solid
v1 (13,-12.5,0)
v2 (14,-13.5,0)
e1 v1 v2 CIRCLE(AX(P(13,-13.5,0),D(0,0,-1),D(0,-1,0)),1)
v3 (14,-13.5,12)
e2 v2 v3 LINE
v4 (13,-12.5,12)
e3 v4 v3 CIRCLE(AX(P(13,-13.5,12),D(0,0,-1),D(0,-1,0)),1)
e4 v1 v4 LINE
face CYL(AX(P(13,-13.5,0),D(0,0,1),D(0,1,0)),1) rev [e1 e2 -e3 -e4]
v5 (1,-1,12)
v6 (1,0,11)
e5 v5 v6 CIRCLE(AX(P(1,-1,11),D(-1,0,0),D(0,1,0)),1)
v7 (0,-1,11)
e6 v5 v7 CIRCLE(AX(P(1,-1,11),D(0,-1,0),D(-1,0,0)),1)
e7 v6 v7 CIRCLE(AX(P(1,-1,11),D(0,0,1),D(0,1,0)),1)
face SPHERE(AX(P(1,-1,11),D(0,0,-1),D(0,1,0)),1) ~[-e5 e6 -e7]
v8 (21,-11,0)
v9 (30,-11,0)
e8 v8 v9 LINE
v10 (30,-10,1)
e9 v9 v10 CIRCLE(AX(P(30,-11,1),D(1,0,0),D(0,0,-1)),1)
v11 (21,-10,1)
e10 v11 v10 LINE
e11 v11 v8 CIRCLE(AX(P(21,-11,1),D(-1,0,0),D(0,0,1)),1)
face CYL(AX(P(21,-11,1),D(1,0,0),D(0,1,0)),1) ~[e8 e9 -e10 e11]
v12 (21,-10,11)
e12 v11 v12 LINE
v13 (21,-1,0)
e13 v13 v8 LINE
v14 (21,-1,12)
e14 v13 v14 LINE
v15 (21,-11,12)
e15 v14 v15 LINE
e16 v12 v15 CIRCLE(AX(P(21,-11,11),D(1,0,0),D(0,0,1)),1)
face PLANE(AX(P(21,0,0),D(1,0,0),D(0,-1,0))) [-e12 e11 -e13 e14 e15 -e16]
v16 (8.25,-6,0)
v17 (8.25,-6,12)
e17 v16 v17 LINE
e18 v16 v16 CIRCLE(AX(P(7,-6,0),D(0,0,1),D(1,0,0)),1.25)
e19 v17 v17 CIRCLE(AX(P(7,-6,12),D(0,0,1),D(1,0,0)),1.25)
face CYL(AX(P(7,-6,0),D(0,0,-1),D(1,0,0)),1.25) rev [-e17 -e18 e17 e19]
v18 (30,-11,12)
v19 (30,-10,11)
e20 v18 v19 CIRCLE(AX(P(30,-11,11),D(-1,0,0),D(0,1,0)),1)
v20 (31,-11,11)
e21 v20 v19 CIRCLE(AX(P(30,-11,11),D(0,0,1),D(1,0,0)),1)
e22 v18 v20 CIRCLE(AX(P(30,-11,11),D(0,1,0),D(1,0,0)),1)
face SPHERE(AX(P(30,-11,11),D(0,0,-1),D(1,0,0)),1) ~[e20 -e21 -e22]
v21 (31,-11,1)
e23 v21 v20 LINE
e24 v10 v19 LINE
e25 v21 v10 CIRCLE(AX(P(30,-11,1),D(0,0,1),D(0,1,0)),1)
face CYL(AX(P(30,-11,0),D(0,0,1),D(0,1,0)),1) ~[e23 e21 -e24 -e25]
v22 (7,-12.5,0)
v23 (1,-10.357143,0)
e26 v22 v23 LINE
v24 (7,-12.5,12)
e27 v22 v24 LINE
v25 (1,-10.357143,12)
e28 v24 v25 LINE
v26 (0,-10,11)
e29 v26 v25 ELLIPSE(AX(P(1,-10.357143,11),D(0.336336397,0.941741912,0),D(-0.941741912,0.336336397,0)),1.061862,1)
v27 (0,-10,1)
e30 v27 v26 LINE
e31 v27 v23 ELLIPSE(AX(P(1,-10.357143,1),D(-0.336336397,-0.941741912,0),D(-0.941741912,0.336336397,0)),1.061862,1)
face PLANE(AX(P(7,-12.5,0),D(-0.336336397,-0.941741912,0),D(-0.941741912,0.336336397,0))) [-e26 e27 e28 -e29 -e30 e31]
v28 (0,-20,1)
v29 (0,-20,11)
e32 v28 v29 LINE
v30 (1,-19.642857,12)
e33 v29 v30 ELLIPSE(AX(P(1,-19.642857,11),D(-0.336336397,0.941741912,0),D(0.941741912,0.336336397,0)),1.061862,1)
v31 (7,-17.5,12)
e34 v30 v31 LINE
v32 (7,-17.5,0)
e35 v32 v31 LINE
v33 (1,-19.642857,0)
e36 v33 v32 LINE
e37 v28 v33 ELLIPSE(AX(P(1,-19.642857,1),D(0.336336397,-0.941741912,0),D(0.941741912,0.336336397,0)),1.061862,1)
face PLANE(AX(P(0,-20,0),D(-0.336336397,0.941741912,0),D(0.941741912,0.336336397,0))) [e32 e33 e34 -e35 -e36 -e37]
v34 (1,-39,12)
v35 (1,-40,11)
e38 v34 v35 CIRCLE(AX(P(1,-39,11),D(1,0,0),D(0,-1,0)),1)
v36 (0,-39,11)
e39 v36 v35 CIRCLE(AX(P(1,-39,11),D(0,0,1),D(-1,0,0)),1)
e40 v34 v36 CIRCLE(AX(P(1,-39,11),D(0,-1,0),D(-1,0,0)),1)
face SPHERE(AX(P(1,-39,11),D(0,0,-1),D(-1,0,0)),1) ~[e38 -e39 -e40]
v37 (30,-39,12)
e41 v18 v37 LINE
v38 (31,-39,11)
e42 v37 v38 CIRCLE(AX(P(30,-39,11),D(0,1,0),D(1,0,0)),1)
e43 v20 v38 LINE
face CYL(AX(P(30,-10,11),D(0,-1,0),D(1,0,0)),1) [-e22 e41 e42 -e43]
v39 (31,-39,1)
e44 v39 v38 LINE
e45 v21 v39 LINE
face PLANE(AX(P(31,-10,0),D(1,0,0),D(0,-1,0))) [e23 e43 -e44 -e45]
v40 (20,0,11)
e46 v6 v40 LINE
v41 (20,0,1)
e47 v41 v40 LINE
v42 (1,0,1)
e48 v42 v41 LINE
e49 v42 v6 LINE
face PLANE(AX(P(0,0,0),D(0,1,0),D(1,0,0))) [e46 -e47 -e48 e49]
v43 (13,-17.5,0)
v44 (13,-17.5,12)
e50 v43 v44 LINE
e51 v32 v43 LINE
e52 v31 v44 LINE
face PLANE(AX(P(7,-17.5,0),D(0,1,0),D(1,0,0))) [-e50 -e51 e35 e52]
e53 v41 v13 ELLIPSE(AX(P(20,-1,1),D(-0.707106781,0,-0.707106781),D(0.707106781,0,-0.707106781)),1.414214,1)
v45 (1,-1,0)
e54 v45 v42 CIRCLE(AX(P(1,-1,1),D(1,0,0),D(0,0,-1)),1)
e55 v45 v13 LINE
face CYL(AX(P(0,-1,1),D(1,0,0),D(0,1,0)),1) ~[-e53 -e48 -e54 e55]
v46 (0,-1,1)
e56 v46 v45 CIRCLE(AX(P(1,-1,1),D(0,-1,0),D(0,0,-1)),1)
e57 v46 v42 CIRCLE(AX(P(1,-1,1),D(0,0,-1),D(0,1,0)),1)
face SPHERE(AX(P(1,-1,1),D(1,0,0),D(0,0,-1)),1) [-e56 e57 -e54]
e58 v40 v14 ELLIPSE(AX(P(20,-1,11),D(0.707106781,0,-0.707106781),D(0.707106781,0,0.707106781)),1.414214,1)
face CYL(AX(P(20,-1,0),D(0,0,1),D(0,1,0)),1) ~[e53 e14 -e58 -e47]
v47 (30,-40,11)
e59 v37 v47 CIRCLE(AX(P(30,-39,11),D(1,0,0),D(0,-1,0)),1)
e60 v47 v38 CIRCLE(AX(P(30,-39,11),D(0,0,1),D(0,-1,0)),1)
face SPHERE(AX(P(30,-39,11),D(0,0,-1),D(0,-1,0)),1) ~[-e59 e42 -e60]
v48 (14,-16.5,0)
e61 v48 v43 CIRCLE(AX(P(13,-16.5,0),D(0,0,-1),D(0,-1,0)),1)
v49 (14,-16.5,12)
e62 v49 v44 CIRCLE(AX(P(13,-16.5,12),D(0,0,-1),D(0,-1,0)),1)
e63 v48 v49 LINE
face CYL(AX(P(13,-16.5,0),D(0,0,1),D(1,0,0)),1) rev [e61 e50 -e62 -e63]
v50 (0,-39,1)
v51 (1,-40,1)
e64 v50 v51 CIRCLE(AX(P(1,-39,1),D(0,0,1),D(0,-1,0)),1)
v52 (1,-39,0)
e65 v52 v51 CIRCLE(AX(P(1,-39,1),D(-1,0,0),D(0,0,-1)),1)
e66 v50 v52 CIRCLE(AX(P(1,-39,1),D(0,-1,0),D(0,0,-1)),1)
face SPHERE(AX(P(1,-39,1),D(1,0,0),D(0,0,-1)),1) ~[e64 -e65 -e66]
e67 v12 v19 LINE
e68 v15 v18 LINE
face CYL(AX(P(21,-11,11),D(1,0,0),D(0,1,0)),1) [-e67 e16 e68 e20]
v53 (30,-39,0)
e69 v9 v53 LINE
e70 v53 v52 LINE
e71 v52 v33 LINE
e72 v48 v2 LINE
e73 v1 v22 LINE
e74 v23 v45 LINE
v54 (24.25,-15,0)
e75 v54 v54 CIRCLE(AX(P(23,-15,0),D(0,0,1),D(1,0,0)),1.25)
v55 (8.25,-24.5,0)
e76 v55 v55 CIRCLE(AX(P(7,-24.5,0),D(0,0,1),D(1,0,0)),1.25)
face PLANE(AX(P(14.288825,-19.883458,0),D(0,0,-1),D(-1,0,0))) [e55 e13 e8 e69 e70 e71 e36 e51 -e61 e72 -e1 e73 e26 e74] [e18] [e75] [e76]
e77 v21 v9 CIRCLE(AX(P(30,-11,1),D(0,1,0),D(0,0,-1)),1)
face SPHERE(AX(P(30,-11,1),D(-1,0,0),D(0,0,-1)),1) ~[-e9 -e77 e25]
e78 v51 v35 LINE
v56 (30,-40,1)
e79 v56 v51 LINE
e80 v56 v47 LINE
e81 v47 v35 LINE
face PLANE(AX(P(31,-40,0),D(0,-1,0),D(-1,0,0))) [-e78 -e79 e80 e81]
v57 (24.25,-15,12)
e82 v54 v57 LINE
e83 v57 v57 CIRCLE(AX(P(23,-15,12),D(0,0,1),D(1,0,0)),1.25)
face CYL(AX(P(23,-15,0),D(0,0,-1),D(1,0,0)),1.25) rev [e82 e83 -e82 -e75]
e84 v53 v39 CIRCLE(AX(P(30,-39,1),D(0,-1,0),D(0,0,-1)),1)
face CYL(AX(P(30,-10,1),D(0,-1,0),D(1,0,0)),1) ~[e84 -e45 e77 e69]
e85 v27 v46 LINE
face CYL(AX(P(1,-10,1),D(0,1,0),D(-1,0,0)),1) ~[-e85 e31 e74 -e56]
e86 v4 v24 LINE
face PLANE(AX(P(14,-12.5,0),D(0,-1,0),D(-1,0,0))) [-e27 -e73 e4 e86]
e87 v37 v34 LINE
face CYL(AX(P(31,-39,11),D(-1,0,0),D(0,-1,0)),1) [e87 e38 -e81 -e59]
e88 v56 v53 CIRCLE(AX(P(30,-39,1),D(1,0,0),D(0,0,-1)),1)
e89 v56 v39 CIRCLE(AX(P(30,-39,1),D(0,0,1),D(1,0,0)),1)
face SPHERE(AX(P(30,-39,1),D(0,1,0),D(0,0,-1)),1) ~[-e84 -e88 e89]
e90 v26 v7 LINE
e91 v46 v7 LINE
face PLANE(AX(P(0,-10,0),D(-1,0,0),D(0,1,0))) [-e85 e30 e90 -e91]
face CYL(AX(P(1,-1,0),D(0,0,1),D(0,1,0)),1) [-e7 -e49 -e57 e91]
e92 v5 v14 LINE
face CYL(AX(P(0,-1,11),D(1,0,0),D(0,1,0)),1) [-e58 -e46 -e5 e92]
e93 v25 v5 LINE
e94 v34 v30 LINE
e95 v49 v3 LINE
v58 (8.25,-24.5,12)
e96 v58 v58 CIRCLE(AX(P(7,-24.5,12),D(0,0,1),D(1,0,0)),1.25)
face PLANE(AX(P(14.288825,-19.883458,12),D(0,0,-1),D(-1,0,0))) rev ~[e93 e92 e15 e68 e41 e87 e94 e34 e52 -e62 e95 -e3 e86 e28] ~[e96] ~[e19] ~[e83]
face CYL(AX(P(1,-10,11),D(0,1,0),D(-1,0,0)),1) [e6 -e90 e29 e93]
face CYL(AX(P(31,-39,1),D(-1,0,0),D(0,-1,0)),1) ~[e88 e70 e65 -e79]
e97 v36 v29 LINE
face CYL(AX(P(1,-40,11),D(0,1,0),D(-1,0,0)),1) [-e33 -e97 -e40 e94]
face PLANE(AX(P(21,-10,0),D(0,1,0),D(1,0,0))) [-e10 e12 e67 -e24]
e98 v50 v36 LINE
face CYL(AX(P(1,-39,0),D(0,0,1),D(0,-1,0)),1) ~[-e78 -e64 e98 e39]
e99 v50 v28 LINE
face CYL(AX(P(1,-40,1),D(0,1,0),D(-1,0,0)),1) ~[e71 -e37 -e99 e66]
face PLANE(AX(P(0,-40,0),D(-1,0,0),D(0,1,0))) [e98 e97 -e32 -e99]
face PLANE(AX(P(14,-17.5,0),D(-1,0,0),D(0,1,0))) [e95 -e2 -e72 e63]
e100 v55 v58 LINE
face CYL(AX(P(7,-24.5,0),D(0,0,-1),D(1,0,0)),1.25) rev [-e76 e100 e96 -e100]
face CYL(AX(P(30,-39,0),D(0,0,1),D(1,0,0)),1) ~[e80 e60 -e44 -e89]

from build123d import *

# Parameters (mm, degrees)
SKETCH_1_R      = 1.25
EXTRUDE_1_DEPTH = 12
FILLET_1_R      = 1


with BuildPart() as part:
    # 草图1 → 凸台-拉伸1 (new body)
    with BuildSketch(Plane.XY):
        Polygon((0, 0), (21, 0), (21, -10), (31, -10), (31, -40), (0, -40), (0, -20), (7, -17.5), (14, -17.5), (14, -12.5), (7, -12.5), (0, -10), align=None)
        with Locations((7, -6)):
            Circle(SKETCH_1_R, mode=Mode.SUBTRACT)
        with Locations((23, -15)):
            Circle(SKETCH_1_R, mode=Mode.SUBTRACT)
        with Locations((7, -24.5)):
            Circle(SKETCH_1_R, mode=Mode.SUBTRACT)
    extrude(amount=EXTRUDE_1_DEPTH)

    # 圆角1
    fillet_1_edges = [part.edges().sort_by_distance(p)[0] for p in [
        (10.5, 0, 0),
        (26, -10, 0),
        (31, -25, 0),
        (15.5, -40, 0),
        (0, -30, 0),
        (0, -5, 0),
        (0, 0, 6),
        (21, 0, 6),
        (31, -10, 6),
        (31, -40, 6),
        (0, -40, 6),
        (14, -17.5, 6),
        (14, -12.5, 6),
        (0, -30, 12),
        (15.5, -40, 12),
        (31, -25, 12),
        (26, -10, 12),
        (10.5, 0, 12),
        (0, -5, 12),
    ]]
    fillet(fillet_1_edges, radius=FILLET_1_R)


solid = part.part
